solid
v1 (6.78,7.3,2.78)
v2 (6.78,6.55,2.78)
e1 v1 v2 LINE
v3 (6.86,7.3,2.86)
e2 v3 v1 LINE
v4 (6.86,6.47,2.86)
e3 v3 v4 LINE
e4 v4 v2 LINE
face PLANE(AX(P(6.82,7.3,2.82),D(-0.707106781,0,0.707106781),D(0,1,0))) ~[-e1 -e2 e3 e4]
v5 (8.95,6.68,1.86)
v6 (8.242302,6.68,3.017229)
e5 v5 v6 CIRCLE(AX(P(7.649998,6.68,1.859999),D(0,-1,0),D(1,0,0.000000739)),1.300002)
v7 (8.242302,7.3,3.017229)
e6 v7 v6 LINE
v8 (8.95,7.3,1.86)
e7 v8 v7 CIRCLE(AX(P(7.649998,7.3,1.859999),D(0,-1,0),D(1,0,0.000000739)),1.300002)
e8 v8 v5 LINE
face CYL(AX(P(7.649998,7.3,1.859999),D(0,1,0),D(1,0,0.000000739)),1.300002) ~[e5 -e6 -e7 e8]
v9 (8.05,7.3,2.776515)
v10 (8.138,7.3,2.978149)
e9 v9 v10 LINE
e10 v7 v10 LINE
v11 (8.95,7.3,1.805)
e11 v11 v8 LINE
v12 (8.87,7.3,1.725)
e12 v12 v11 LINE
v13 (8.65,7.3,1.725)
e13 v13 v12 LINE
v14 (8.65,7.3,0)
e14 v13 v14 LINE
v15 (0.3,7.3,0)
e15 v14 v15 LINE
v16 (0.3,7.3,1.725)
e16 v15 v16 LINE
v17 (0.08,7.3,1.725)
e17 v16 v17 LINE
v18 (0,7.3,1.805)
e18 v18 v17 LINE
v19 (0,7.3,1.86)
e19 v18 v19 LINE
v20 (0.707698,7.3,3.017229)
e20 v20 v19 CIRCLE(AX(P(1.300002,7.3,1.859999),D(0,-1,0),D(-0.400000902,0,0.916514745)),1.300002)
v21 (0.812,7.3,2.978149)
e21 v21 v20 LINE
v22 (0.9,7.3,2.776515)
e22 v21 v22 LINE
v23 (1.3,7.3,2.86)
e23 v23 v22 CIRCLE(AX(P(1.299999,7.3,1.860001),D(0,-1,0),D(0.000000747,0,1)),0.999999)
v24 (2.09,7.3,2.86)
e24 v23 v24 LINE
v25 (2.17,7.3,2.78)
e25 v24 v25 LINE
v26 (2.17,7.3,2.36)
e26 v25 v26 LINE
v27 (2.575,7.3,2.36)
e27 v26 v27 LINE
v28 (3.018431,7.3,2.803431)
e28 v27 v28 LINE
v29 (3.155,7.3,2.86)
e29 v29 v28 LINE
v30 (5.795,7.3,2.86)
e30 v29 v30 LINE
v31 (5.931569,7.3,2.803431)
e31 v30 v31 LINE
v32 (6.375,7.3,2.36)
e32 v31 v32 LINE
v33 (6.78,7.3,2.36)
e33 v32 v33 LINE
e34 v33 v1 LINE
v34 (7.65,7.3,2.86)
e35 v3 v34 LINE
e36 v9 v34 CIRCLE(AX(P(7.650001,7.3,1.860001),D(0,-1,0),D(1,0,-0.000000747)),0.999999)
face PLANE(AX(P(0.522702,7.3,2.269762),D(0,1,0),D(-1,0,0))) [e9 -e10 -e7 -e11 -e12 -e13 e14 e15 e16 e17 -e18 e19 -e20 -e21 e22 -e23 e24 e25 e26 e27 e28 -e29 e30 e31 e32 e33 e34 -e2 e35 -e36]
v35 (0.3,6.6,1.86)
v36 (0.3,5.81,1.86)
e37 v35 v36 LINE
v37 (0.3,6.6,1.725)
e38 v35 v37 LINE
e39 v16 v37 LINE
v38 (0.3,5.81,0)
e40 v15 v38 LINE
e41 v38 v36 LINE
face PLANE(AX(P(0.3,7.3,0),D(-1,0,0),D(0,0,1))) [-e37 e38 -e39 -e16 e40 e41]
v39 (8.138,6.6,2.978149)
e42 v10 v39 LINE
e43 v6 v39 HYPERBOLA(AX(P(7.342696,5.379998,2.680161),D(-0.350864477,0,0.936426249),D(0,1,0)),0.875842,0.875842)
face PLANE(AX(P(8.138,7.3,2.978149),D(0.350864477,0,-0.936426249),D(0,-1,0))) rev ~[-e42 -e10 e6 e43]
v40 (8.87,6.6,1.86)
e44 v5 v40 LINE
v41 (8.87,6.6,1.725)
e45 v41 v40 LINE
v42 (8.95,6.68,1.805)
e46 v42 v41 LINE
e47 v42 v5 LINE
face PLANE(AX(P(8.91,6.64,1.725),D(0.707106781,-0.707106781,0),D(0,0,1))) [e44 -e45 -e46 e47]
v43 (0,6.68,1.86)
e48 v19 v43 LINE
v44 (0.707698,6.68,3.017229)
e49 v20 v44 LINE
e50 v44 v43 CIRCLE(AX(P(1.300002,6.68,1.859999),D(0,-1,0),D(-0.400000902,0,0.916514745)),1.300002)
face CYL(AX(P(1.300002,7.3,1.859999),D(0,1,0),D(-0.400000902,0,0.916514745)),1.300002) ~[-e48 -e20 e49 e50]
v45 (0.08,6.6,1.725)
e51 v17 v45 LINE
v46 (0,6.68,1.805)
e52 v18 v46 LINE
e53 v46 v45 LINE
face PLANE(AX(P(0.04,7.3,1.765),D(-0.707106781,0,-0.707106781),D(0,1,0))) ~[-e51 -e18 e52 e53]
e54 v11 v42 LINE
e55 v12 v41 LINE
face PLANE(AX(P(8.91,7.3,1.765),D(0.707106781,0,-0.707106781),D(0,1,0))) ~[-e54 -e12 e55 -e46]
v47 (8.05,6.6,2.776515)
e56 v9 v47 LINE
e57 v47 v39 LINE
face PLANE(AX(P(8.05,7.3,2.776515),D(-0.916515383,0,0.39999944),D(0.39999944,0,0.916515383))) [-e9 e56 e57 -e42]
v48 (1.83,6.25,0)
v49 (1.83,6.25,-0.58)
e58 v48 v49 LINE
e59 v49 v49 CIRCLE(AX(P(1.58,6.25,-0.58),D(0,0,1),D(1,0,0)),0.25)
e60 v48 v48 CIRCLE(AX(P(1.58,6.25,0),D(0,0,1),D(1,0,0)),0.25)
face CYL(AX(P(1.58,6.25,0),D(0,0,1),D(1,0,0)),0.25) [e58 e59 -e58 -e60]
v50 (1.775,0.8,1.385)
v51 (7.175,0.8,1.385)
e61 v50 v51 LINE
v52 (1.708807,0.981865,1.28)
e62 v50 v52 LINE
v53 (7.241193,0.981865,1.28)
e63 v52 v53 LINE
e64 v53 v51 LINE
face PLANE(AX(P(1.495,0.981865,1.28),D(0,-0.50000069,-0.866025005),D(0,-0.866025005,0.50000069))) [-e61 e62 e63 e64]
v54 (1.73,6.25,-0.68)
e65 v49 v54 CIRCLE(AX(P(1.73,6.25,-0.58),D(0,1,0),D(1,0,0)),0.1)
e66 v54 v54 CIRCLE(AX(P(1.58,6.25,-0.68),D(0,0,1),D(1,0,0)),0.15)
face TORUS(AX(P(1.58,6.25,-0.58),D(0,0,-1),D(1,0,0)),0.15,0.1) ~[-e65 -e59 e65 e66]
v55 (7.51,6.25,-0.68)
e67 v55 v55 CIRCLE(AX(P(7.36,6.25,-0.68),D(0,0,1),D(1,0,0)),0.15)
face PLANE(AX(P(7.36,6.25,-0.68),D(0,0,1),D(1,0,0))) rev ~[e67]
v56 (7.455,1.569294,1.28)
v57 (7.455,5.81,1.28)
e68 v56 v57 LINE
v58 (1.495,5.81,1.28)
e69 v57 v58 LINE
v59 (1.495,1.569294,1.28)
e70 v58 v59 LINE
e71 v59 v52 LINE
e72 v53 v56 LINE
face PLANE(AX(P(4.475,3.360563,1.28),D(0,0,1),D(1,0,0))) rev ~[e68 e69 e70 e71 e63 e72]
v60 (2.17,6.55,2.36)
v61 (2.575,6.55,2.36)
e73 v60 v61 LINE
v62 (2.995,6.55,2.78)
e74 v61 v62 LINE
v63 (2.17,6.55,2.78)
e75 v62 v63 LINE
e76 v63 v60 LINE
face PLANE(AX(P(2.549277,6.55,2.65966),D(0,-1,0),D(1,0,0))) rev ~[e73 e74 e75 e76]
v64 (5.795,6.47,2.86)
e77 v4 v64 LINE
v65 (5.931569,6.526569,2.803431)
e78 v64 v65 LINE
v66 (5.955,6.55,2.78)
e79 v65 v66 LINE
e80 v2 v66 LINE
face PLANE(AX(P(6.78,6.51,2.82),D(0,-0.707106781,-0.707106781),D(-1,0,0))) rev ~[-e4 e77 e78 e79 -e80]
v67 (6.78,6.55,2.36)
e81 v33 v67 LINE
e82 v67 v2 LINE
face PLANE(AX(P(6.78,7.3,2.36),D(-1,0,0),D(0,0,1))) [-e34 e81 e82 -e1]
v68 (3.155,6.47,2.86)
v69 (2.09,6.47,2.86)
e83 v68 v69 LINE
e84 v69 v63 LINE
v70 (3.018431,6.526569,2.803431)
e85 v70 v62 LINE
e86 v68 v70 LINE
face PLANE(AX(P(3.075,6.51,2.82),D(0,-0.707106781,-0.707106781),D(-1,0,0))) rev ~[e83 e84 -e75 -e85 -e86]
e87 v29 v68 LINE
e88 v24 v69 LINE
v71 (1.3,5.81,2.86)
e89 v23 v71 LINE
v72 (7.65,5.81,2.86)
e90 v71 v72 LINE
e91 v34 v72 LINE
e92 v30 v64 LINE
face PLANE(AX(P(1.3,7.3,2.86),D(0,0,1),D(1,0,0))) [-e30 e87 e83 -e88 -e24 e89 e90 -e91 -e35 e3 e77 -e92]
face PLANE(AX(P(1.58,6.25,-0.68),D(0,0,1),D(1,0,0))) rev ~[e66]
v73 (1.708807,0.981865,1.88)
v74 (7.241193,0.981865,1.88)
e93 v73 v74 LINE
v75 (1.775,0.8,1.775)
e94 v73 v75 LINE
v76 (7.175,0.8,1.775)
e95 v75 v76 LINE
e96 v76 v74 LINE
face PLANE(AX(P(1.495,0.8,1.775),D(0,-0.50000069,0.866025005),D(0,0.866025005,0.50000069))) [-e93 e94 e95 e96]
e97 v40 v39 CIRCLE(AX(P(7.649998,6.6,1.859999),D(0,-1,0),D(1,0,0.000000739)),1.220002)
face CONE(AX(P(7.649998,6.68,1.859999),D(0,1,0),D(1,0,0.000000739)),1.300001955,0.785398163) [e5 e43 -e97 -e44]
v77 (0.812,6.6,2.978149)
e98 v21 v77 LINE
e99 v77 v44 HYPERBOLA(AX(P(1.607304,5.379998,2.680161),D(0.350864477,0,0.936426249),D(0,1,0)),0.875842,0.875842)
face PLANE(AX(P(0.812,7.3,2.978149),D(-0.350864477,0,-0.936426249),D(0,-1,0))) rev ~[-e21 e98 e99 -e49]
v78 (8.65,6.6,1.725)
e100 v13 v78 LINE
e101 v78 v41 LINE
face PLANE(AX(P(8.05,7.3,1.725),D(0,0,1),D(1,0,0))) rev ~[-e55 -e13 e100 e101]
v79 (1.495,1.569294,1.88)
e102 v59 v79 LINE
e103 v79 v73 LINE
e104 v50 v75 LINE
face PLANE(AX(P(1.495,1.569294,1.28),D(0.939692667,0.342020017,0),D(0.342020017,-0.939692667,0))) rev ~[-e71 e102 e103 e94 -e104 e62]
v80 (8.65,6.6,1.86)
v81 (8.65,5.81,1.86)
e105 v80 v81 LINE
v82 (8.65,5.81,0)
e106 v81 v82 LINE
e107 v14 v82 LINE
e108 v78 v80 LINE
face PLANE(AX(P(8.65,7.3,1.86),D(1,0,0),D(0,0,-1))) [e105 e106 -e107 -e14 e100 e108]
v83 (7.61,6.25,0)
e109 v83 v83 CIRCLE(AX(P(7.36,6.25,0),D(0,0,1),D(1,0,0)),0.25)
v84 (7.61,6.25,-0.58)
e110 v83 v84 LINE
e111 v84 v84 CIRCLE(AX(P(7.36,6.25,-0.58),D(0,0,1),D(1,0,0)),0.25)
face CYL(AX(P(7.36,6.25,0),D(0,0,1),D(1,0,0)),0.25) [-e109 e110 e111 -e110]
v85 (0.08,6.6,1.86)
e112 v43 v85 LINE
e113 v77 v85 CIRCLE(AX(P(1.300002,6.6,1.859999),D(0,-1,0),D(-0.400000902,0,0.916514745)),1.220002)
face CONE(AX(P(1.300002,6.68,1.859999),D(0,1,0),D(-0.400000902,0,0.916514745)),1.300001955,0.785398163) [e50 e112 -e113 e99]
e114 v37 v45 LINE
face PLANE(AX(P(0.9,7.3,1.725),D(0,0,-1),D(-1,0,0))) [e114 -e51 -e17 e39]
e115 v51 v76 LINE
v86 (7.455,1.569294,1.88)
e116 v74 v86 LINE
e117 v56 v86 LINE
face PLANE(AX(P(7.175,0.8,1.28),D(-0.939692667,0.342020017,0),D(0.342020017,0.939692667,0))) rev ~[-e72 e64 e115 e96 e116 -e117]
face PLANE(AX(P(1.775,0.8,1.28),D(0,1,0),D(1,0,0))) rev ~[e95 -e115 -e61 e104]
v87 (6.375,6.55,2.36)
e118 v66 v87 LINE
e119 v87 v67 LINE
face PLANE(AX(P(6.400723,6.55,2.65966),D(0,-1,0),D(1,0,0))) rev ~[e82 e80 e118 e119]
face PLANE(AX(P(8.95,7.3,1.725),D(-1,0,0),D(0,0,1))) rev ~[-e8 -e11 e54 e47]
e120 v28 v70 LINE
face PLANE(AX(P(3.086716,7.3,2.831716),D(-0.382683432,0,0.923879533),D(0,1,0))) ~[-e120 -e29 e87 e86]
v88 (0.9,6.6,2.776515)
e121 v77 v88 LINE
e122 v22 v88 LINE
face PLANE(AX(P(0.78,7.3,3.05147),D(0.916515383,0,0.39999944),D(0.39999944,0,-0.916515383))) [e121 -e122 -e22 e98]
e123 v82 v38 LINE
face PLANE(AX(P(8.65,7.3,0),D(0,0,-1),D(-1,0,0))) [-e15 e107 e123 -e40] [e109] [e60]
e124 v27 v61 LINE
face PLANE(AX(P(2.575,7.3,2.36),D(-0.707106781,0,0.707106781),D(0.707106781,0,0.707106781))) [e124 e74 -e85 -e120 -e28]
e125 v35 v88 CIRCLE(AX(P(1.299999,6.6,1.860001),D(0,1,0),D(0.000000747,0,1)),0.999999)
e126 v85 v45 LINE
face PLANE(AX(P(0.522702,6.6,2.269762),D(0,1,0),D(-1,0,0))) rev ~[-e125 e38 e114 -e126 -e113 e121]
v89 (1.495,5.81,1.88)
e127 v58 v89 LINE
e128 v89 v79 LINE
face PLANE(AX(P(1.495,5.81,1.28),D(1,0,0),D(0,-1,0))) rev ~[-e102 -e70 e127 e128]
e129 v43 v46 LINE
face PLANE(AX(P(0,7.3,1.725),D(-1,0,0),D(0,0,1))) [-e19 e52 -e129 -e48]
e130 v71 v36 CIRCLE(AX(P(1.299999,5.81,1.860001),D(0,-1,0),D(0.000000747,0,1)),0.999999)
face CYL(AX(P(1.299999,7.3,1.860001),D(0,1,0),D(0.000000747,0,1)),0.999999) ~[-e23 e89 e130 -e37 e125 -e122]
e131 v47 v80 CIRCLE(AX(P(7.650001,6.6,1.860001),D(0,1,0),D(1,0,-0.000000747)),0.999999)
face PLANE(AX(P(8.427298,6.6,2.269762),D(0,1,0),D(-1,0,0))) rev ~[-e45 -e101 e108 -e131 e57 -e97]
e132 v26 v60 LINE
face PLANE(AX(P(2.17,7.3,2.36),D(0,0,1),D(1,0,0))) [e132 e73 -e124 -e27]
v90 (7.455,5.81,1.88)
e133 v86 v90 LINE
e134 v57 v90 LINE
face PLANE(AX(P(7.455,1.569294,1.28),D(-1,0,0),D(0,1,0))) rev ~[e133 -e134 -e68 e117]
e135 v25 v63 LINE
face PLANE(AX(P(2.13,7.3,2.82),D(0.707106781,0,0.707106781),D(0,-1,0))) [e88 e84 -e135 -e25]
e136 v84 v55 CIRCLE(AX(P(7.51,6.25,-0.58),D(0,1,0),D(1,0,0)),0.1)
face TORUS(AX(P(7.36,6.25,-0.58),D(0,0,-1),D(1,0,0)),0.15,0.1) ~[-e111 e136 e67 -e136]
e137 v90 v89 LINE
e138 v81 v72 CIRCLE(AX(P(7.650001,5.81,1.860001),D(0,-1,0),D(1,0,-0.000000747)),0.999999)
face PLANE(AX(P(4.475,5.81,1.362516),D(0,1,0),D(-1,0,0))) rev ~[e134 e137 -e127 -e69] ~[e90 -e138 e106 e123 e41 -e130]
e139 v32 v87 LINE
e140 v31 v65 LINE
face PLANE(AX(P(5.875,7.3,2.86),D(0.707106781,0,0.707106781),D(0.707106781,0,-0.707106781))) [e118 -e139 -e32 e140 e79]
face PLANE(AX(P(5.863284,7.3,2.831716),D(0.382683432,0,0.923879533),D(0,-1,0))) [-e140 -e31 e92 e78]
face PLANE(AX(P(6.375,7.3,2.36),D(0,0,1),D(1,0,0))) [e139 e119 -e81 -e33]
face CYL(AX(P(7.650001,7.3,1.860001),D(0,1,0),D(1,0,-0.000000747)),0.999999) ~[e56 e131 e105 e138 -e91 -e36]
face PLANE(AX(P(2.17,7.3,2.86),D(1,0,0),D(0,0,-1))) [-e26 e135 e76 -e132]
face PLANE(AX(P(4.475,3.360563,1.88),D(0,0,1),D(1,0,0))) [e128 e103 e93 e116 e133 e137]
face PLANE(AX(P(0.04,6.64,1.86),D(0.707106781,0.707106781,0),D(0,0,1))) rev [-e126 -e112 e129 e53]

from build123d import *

# Parameters (mm, degrees)
PAD003_DEPTH    = 1.49
PAD004_DEPTH    = 0.7
POCKET003_DEPTH = 0.75
CHAMFER_SIZE    = 0.08
PAD006_DEPTH    = 0.6
POCKET004_DEPTH = 7.456
SKETCH014_R     = 0.25
PAD007_DEPTH    = 0.68
FILLET002_R     = 0.1


with BuildPart() as part:
    # Sketch006 → Pad003 (new body)
    with BuildSketch(Plane.XZ.offset(-7.3)):
        with BuildLine():
            Line((0.3, 0), (0.3, 1.86))
            ThreePointArc((1.3, 2.86), (0.592893, 2.567107), (0.3, 1.86))
            Line((1.3, 2.86), (7.65, 2.86))
            ThreePointArc((8.65, 1.86), (8.357107, 2.567107), (7.65, 2.86))
            Line((8.65, 1.86), (8.65, 0))
            Line((8.65, 0), (0.3, 0))
        make_face()
    extrude(amount=PAD003_DEPTH)

    # Sketch008 → Pad004 (join)
    with BuildSketch(Plane.XZ.offset(-7.3)):
        with BuildLine():
            Line((0.78, 3.05147), (0.9, 2.776515))
            Line((0.9, 1.725), (0.9, 2.776515))
            Line((0.9, 1.725), (0, 1.725))
            Line((0, 1.725), (0, 1.86))
            ThreePointArc((0.78, 3.05147), (0.212342, 2.572039), (0, 1.86))
        make_face()
        with BuildLine():
            Line((8.05, 2.776515), (8.17, 3.05147))
            ThreePointArc((8.95, 1.86), (8.737658, 2.572039), (8.17, 3.05147))
            Line((8.95, 1.725), (8.95, 1.86))
            Line((8.05, 1.725), (8.95, 1.725))
            Line((8.05, 2.776515), (8.05, 1.725))
        make_face()
    extrude(amount=PAD004_DEPTH)

    # Sketch009 → Pocket003 (cut)
    with BuildSketch(Plane.XZ.offset(-7.3)):
        Polygon((2.17, 2.86), (2.17, 2.36), (2.575, 2.36), (3.075, 2.86), align=None)
        Polygon((5.875, 2.86), (6.375, 2.36), (6.78, 2.36), (6.78, 2.86), align=None)
    extrude(amount=POCKET003_DEPTH, mode=Mode.SUBTRACT)

    # Chamfer
    chamfer_edges = [part.edges().sort_by_distance(p)[0] for p in [
        (8.95, 6.6, 1.7925),
        (8.737658, 6.6, 2.572039),
        (8.17, 6.95, 3.05147),
        (6.78, 6.925, 2.86),
        (6.3275, 6.55, 2.86),
        (5.875, 6.925, 2.86),
        (3.075, 6.925, 2.86),
        (2.6225, 6.55, 2.86),
        (2.17, 6.925, 2.86),
        (0.78, 6.95, 3.05147),
        (0.212342, 6.6, 2.572039),
        (0, 6.6, 1.7925),
        (8.95, 6.95, 1.725),
        (0, 6.95, 1.725),
    ]]
    chamfer(chamfer_edges, length=CHAMFER_SIZE)

    # Sketch012 → Pad006 (join)
    with BuildSketch(Plane.XY.offset(1.28)):
        Polygon((1.495, 5.81), (1.495, 1.569294), (1.775, 0.8), (7.175, 0.8), (7.455, 1.569294), (7.455, 5.81), align=None)
    extrude(amount=PAD006_DEPTH)

    # Sketch013 → Pocket004 (cut, through all)
    with BuildSketch(Plane(origin=(1.495, 0.8, 1.88), x_dir=(0, 1, 0), z_dir=(1, 0, 0))):
        Polygon((0, -0.105), (0.181865, 0), (0, 0), align=None)
        Polygon((0, -0.6), (0.181865, -0.6), (0, -0.495), align=None)
    extrude(amount=POCKET004_DEPTH, mode=Mode.SUBTRACT)

    # Sketch014 → Pad007 (join)
    with BuildSketch(Plane.XY):
        with Locations((1.58, 6.25)):
            Circle(SKETCH014_R)
        with Locations((7.36, 6.25)):
            Circle(SKETCH014_R)
    extrude(amount=-PAD007_DEPTH)

    # Fillet002
    fillet002_edges = [part.edges().sort_by_distance(p)[0] for p in [
        (7.11, 6.25, -0.68),
        (1.33, 6.25, -0.68),
    ]]
    fillet(fillet002_edges, radius=FILLET002_R)


solid = part.part
